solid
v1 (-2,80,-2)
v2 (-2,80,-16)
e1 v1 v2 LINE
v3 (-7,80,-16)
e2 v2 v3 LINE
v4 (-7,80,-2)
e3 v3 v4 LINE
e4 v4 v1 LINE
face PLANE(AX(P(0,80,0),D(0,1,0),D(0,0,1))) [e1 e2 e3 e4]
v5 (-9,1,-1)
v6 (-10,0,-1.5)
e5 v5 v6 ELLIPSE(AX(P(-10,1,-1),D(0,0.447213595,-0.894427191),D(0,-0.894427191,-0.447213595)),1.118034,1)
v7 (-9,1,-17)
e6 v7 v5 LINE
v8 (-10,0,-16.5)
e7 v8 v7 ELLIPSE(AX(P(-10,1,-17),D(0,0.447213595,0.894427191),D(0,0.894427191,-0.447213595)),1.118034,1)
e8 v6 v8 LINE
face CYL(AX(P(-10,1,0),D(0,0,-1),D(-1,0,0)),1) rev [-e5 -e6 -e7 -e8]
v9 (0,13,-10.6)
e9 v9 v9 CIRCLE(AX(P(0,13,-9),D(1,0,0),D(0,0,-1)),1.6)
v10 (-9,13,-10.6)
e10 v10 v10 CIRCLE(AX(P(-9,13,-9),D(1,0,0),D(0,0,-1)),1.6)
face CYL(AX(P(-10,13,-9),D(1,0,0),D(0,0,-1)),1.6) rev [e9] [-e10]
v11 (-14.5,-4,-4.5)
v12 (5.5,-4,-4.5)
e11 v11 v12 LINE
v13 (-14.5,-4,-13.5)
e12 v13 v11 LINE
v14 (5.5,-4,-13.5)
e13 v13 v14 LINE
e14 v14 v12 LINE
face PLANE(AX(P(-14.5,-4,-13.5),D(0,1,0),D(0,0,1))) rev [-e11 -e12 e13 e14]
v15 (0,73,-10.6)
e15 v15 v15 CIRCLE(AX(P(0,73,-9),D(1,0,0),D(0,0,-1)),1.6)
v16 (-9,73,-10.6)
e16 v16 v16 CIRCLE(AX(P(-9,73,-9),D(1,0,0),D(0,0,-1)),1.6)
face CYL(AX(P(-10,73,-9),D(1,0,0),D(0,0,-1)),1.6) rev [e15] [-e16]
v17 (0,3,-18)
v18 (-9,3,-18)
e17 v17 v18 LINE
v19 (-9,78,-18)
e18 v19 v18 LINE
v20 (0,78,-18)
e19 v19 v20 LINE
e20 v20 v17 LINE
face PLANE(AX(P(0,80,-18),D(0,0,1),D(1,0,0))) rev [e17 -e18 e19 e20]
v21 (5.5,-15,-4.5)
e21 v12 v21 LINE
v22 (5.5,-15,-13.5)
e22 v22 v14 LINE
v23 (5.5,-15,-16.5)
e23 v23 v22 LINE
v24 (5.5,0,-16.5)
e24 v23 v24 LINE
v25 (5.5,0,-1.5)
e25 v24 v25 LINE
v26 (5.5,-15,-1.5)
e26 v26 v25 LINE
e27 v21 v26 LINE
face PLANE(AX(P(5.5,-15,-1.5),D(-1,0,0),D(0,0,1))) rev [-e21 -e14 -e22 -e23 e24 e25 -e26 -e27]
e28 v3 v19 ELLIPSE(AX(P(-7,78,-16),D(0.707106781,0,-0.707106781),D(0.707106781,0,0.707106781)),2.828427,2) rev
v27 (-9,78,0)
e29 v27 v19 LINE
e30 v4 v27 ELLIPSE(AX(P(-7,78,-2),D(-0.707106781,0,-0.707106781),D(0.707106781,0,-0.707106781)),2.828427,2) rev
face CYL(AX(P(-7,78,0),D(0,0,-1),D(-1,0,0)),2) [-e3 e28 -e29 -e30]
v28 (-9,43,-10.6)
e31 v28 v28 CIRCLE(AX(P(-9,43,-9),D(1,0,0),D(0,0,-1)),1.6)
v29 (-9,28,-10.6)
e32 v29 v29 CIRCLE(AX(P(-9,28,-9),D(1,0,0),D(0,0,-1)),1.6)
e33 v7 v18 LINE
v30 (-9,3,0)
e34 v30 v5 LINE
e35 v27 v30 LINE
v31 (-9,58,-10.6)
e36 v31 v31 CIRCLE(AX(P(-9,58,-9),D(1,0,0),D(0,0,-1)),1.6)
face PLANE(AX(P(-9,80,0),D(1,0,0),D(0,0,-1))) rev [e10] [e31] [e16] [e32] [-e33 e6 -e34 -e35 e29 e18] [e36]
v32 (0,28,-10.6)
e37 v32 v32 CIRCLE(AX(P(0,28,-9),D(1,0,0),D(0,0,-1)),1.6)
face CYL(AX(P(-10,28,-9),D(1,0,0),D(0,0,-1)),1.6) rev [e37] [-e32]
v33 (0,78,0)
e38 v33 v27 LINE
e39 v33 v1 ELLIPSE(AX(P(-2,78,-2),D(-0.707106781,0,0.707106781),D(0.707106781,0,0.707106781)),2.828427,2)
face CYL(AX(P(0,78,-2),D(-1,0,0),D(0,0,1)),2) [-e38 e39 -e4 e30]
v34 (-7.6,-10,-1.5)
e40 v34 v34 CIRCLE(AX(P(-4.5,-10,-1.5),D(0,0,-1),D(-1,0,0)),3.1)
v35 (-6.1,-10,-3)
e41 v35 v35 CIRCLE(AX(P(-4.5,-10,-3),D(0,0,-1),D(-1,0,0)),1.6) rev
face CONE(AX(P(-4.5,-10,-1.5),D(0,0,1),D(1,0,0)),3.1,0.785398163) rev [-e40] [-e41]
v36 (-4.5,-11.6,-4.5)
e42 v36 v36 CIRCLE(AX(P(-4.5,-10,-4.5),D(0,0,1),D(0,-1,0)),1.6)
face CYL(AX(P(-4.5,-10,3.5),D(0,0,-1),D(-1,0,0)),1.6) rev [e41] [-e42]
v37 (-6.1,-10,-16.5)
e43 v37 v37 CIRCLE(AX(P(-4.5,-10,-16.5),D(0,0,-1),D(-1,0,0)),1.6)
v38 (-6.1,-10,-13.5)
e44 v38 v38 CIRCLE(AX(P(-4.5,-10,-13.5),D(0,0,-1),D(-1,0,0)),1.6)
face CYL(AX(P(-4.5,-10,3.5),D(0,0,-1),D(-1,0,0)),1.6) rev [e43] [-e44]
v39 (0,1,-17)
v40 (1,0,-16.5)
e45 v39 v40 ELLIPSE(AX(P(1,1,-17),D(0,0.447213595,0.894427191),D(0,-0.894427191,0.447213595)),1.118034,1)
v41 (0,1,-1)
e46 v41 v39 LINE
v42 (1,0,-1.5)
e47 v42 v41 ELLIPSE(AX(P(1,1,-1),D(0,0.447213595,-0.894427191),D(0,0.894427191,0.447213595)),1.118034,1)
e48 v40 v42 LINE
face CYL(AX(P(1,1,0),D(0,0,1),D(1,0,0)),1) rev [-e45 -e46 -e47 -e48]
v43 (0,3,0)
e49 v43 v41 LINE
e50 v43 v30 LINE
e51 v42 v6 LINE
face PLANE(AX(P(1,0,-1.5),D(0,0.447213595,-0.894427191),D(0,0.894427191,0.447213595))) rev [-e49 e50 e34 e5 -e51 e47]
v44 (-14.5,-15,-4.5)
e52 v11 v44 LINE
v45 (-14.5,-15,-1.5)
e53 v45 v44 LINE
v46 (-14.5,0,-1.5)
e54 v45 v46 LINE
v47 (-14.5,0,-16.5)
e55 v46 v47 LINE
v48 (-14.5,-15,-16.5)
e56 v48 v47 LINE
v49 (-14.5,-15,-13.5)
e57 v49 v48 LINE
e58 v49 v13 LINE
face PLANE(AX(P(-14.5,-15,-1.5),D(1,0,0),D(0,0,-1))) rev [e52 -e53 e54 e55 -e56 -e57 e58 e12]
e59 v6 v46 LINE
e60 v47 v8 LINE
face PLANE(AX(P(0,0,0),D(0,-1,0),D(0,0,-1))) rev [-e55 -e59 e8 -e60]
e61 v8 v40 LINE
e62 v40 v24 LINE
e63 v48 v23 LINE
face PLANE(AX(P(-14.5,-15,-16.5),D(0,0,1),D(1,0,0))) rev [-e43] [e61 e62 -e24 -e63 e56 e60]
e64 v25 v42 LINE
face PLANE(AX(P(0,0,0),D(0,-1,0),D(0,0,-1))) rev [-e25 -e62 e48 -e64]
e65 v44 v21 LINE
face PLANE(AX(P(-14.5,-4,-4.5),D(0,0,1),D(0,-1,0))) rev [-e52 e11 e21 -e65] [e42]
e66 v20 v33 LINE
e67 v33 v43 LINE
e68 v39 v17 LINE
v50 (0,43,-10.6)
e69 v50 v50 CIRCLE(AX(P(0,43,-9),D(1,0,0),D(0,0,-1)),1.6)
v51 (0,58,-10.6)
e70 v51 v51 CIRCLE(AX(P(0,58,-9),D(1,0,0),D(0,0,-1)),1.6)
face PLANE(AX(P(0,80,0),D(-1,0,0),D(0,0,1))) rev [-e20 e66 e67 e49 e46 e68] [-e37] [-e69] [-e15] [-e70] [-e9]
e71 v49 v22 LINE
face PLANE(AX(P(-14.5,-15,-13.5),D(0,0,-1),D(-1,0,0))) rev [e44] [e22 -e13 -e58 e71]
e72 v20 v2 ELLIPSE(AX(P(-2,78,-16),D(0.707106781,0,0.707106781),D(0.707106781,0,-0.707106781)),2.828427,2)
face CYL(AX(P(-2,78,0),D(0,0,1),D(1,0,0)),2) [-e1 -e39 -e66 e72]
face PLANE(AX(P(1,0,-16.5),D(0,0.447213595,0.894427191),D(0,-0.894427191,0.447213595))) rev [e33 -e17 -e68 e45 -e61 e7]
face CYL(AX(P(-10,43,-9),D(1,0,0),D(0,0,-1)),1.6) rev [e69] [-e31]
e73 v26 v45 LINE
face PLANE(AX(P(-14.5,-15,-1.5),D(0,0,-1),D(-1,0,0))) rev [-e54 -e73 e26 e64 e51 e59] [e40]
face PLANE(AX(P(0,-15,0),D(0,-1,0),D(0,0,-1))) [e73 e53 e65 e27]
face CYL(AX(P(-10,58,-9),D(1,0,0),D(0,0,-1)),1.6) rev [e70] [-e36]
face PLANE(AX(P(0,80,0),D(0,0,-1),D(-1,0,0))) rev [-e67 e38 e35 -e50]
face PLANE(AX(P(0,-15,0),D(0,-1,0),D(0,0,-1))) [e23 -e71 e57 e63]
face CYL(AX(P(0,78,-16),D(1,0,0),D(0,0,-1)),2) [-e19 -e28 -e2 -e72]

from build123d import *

# Parameters (mm, degrees)
SKETCH1_W           = 9
SKETCH1_H           = 18
BOSS_EXTRUDE1_DEPTH = 80
SKETCH2_W           = 20
SKETCH2_H           = 15
BOSS_EXTRUDE2_DEPTH = 15
SKETCH4_W           = 9
SKETCH4_H           = 11
CUT_EXTRUDE2_DEPTH  = 20
SKETCH5_R           = 1.6
CUT_EXTRUDE3_DEPTH  = 20
FILLET3_R           = 2
SKETCH6_R           = 1.6
CUT_EXTRUDE4_DEPTH  = 10
CUT_EXTRUDE5_DEPTH  = 10
FILLET8_R           = 1
CHAMFER1_SIZE       = 1.5


with BuildPart() as part:
    # Sketch1 → Boss-Extrude1 (new body)
    with BuildSketch(Plane(origin=(0, 0, 0), x_dir=(1, 0, 0), z_dir=(0, 1, 0))):
        with Locations((-4.5, 9)):
            Rectangle(SKETCH1_W, SKETCH1_H)
    extrude(amount=BOSS_EXTRUDE1_DEPTH)

    # Sketch2 → Boss-Extrude2 (add)
    with BuildSketch(Plane.XZ):
        with Locations((-4.5, -9)):
            Rectangle(SKETCH2_W, SKETCH2_H)
    extrude(amount=BOSS_EXTRUDE2_DEPTH)

    # Sketch4 → Cut-Extrude2 (cut)
    with BuildSketch(Plane(origin=(5.5, 0, 0), x_dir=(0, 0, -1), z_dir=(1, 0, 0))):
        with Locations((9, -9.5)):
            Rectangle(SKETCH4_W, SKETCH4_H)
    extrude(amount=-CUT_EXTRUDE2_DEPTH, mode=Mode.SUBTRACT)

    # Sketch5 → Cut-Extrude3 (cut)
    with BuildSketch(Plane(origin=(0, 0, -16.5), x_dir=(-1, 0, 0), z_dir=(0, 0, -1))):
        with Locations((4.5, -10)):
            Circle(SKETCH5_R)
    extrude(amount=-CUT_EXTRUDE3_DEPTH, mode=Mode.SUBTRACT)

    # Fillet3
    fillet3_edges = [part.edges().sort_by_distance(p)[0] for p in [
        (-9, 80, -9),
        (-4.5, 80, 0),
        (0, 80, -9),
        (-4.5, 80, -18),
    ]]
    fillet(fillet3_edges, radius=FILLET3_R)

    # Sketch6 → Cut-Extrude4 (cut)
    with BuildSketch(Plane(origin=(0, 0, 0), x_dir=(0, 0, -1), z_dir=(1, 0, 0))):
        with Locations((9, 73)):
            Circle(SKETCH6_R)
        with Locations((9, 58)):
            Circle(SKETCH6_R)
        with Locations((9, 43)):
            Circle(SKETCH6_R)
        with Locations((9, 28)):
            Circle(SKETCH6_R)
        with Locations((9, 13)):
            Circle(SKETCH6_R)
    extrude(amount=-CUT_EXTRUDE4_DEPTH, mode=Mode.SUBTRACT)

    # Sketch7 → Cut-Extrude5 (cut)
    with BuildSketch(Plane.ZY.offset(9)):
        Polygon((-16.5, 0), (-18, 3), (-18, 0), align=None)
        Polygon((-1.5, 0), (0, 3), (0, 0), align=None)
    extrude(amount=-CUT_EXTRUDE5_DEPTH, mode=Mode.SUBTRACT)

    # Fillet8
    fillet8_edges = [part.edges().sort_by_distance(p)[0] for p in [
        (0, 0, -9),
        (-9, 0, -9),
    ]]
    fillet(fillet8_edges, radius=FILLET8_R)

    # Chamfer1
    chamfer1_edges = [part.edges().sort_by_distance(p)[0] for p in [
        (-2.9, -10, -1.5),
    ]]
    chamfer(chamfer1_edges, length=CHAMFER1_SIZE)


solid = part.part
